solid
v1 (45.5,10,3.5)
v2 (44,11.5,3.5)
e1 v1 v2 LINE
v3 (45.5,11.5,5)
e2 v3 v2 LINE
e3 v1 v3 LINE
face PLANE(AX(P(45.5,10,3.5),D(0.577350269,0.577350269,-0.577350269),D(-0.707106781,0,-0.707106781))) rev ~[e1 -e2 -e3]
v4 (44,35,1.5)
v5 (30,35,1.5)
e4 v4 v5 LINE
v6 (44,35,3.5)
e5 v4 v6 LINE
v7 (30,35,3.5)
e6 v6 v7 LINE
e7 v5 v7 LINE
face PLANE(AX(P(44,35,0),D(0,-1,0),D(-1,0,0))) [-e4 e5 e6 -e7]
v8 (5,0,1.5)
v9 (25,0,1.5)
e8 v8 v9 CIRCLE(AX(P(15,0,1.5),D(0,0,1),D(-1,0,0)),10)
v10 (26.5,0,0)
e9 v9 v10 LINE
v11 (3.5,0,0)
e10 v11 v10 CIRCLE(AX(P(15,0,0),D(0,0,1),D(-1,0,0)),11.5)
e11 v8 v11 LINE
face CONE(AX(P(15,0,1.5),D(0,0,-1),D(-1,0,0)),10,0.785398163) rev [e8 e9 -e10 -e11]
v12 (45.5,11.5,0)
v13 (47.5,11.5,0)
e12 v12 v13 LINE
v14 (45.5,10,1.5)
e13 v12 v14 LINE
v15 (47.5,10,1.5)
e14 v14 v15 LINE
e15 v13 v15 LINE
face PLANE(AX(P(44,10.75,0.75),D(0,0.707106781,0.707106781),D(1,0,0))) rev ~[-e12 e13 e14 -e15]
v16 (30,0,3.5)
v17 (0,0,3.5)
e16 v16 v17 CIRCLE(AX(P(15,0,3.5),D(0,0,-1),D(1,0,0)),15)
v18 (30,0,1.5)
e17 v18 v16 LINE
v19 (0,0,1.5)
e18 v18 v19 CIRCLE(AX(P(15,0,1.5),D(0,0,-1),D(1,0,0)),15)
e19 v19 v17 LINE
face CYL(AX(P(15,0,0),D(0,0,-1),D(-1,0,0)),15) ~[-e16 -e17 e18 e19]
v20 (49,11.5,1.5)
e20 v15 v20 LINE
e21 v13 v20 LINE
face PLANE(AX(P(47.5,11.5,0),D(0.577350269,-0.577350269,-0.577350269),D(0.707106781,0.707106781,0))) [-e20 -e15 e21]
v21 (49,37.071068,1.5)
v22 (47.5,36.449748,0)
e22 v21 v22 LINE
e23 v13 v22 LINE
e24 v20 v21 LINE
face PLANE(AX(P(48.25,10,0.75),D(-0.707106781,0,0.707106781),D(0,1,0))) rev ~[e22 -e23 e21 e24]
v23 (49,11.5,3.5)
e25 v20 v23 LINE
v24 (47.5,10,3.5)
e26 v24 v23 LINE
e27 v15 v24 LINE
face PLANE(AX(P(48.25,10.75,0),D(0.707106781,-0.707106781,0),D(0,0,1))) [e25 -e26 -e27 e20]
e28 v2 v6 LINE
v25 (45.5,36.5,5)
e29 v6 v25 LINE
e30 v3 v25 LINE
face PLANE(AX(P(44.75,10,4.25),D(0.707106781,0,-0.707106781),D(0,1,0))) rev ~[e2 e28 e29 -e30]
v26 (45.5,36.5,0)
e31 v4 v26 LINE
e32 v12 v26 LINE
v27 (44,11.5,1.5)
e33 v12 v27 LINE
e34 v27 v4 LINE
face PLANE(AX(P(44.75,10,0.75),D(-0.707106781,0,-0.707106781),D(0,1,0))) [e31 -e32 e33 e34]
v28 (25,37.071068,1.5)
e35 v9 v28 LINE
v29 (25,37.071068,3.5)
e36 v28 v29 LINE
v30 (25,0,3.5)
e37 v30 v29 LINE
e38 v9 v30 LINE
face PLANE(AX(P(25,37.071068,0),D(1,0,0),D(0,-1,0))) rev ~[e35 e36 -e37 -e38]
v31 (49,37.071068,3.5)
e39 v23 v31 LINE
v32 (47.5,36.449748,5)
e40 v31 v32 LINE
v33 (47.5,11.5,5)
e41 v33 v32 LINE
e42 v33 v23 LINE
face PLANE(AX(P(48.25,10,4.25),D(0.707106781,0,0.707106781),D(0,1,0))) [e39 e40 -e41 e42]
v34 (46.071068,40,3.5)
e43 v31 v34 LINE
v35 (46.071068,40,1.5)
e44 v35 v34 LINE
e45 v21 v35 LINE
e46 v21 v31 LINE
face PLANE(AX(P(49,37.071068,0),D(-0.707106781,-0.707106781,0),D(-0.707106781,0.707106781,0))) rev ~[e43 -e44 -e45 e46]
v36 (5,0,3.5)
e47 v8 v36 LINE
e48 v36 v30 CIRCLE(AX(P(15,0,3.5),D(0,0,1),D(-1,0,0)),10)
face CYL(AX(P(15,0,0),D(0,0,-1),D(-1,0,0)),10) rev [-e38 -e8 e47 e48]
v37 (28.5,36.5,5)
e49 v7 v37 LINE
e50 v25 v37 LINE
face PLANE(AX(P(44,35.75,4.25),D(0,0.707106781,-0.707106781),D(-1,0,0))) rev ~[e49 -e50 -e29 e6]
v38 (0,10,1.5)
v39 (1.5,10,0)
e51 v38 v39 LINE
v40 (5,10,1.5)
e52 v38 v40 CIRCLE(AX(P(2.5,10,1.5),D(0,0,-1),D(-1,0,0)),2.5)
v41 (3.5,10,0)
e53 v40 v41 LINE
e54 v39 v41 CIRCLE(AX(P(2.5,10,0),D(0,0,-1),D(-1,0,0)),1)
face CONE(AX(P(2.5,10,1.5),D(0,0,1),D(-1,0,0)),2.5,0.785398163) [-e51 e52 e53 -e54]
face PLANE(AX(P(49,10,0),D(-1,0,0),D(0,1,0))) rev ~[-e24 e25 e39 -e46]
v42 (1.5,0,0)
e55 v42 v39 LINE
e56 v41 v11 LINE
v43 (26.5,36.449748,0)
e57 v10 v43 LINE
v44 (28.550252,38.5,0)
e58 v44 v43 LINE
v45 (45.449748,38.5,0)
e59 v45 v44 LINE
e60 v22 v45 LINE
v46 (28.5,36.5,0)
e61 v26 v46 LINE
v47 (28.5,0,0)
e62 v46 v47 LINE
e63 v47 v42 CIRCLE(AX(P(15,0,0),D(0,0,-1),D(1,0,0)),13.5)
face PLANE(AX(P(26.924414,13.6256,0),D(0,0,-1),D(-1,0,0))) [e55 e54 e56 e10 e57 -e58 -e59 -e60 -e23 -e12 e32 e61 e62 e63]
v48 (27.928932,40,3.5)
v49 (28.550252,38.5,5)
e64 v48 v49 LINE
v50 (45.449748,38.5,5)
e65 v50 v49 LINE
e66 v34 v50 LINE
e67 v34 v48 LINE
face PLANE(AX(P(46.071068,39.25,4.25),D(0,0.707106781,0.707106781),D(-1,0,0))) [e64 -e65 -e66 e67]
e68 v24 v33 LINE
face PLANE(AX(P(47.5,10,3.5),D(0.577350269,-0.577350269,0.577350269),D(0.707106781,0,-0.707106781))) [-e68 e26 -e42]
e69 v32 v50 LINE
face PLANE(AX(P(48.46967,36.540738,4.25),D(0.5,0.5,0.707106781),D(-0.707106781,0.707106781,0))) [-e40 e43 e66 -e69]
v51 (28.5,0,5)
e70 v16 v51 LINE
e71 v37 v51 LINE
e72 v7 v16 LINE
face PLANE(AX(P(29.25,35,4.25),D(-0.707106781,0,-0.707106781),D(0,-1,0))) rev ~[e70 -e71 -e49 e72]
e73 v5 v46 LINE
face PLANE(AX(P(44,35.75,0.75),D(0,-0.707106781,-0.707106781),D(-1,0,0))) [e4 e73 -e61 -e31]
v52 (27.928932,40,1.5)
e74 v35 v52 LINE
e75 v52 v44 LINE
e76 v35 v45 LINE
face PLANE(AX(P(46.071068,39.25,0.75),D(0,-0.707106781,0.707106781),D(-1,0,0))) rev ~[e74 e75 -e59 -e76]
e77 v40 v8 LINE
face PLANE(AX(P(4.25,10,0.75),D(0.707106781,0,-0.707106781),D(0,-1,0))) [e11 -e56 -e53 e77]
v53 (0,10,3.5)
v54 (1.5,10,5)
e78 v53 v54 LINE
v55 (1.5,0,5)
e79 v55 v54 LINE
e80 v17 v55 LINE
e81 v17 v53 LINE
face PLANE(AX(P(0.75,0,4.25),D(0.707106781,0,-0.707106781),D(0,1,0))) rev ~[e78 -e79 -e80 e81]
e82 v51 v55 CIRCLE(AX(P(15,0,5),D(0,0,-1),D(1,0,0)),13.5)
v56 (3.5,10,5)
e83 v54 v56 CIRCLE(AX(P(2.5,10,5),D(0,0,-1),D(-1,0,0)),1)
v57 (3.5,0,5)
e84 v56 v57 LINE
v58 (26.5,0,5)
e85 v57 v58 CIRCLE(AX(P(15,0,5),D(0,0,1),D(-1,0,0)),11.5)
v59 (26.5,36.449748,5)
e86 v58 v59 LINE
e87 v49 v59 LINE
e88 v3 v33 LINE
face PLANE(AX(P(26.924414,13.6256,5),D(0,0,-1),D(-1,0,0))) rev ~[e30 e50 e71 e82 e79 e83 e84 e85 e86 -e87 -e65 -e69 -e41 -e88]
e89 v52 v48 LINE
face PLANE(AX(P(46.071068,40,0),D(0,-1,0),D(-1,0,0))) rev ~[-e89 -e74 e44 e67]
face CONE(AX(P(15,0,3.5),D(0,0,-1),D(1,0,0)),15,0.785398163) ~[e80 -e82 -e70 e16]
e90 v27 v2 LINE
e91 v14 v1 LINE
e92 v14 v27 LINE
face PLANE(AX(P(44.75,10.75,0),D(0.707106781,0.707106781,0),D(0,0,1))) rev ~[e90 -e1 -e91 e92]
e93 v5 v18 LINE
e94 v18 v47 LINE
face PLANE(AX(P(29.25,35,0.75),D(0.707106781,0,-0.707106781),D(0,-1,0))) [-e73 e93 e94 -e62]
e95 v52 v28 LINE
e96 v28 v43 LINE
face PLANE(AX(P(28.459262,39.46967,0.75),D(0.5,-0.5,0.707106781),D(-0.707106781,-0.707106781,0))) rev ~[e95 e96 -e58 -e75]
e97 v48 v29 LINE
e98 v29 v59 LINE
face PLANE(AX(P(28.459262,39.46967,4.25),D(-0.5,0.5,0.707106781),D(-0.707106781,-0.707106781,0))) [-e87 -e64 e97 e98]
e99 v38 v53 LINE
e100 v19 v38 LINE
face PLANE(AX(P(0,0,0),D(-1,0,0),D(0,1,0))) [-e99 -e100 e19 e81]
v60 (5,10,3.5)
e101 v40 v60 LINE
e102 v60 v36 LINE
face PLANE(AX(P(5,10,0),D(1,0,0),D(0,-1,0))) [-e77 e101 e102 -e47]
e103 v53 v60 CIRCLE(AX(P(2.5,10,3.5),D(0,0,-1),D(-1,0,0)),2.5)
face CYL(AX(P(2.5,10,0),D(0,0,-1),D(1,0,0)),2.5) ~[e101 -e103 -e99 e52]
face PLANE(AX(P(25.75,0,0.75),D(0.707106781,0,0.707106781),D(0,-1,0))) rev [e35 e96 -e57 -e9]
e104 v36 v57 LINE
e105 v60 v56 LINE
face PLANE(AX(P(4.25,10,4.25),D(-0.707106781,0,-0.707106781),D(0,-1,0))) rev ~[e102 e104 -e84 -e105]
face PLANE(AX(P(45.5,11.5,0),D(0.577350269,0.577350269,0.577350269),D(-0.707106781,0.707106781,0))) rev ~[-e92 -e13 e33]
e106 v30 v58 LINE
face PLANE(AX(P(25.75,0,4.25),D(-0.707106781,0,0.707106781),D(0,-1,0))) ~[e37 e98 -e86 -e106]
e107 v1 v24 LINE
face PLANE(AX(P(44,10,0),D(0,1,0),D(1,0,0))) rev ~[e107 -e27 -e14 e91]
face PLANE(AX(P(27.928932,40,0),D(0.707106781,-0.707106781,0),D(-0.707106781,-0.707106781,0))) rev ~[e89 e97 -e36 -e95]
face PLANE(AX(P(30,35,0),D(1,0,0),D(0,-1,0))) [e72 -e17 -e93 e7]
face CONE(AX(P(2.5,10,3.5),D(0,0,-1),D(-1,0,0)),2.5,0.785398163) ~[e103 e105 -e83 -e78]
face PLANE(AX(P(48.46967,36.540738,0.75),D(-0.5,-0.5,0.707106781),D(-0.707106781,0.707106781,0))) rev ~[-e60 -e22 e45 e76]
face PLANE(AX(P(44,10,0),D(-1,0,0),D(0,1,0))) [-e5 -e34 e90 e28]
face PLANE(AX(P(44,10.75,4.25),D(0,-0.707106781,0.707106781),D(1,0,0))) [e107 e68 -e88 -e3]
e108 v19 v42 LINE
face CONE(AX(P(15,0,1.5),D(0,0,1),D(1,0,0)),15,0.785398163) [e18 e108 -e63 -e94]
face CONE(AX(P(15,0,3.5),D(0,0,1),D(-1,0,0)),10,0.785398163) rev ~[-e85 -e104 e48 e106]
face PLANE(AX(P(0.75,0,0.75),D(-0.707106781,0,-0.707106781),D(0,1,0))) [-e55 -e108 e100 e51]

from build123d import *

# Parameters (mm, degrees)
PAD_DEPTH    = 5
CHAMFER_SIZE = 1.5


with BuildPart() as part:
    # Sketch → Pad (new body)
    with BuildSketch(Plane.XY):
        with BuildLine():
            Line((44, 10), (44, 35))
            Line((44, 35), (30, 35))
            Line((30, 35), (30, 10))
            Line((30, 10), (30, 0))
            ThreePointArc((0, 0), (15, -15), (30, 0))
            Line((0, 0), (0, 10))
            ThreePointArc((5, 10), (2.5, 12.5), (0, 10))
            Line((5, 10), (5, 0))
            ThreePointArc((5, 0), (15, -10), (25, 0))
            Line((25, 37.071068), (25, 0))
            Line((27.928932, 40), (25, 37.071068))
            Line((46.071068, 40), (27.928932, 40))
            Line((49, 37.071068), (46.071068, 40))
            Line((49, 10), (49, 37.071068))
            Line((44, 10), (49, 10))
        make_face()
    extrude(amount=PAD_DEPTH)

    # Chamfer
    chamfer_edges = [part.edges().sort_by_distance(p)[0] for p in [
        (44, 22.5, 5),
        (37, 35, 5),
        (30, 17.5, 5),
        (15, -15, 5),
        (0, 5, 5),
        (2.5, 12.5, 5),
        (5, 5, 5),
        (15, -10, 5),
        (25, 18.535534, 5),
        (26.464466, 38.535534, 5),
        (37, 40, 5),
        (47.535534, 38.535534, 5),
        (49, 23.535534, 5),
        (46.5, 10, 5),
        (44, 10, 2.5),
        (49, 10, 2.5),
        (46.5, 10, 0),
        (44, 22.5, 0),
        (37, 35, 0),
        (30, 17.5, 0),
        (15, -15, 0),
        (0, 5, 0),
        (2.5, 12.5, 0),
        (5, 5, 0),
        (15, -10, 0),
        (25, 18.535534, 0),
        (26.464466, 38.535534, 0),
        (37, 40, 0),
        (47.535534, 38.535534, 0),
        (49, 23.535534, 0),
    ]]
    chamfer(chamfer_edges, length=CHAMFER_SIZE)


solid = part.part
